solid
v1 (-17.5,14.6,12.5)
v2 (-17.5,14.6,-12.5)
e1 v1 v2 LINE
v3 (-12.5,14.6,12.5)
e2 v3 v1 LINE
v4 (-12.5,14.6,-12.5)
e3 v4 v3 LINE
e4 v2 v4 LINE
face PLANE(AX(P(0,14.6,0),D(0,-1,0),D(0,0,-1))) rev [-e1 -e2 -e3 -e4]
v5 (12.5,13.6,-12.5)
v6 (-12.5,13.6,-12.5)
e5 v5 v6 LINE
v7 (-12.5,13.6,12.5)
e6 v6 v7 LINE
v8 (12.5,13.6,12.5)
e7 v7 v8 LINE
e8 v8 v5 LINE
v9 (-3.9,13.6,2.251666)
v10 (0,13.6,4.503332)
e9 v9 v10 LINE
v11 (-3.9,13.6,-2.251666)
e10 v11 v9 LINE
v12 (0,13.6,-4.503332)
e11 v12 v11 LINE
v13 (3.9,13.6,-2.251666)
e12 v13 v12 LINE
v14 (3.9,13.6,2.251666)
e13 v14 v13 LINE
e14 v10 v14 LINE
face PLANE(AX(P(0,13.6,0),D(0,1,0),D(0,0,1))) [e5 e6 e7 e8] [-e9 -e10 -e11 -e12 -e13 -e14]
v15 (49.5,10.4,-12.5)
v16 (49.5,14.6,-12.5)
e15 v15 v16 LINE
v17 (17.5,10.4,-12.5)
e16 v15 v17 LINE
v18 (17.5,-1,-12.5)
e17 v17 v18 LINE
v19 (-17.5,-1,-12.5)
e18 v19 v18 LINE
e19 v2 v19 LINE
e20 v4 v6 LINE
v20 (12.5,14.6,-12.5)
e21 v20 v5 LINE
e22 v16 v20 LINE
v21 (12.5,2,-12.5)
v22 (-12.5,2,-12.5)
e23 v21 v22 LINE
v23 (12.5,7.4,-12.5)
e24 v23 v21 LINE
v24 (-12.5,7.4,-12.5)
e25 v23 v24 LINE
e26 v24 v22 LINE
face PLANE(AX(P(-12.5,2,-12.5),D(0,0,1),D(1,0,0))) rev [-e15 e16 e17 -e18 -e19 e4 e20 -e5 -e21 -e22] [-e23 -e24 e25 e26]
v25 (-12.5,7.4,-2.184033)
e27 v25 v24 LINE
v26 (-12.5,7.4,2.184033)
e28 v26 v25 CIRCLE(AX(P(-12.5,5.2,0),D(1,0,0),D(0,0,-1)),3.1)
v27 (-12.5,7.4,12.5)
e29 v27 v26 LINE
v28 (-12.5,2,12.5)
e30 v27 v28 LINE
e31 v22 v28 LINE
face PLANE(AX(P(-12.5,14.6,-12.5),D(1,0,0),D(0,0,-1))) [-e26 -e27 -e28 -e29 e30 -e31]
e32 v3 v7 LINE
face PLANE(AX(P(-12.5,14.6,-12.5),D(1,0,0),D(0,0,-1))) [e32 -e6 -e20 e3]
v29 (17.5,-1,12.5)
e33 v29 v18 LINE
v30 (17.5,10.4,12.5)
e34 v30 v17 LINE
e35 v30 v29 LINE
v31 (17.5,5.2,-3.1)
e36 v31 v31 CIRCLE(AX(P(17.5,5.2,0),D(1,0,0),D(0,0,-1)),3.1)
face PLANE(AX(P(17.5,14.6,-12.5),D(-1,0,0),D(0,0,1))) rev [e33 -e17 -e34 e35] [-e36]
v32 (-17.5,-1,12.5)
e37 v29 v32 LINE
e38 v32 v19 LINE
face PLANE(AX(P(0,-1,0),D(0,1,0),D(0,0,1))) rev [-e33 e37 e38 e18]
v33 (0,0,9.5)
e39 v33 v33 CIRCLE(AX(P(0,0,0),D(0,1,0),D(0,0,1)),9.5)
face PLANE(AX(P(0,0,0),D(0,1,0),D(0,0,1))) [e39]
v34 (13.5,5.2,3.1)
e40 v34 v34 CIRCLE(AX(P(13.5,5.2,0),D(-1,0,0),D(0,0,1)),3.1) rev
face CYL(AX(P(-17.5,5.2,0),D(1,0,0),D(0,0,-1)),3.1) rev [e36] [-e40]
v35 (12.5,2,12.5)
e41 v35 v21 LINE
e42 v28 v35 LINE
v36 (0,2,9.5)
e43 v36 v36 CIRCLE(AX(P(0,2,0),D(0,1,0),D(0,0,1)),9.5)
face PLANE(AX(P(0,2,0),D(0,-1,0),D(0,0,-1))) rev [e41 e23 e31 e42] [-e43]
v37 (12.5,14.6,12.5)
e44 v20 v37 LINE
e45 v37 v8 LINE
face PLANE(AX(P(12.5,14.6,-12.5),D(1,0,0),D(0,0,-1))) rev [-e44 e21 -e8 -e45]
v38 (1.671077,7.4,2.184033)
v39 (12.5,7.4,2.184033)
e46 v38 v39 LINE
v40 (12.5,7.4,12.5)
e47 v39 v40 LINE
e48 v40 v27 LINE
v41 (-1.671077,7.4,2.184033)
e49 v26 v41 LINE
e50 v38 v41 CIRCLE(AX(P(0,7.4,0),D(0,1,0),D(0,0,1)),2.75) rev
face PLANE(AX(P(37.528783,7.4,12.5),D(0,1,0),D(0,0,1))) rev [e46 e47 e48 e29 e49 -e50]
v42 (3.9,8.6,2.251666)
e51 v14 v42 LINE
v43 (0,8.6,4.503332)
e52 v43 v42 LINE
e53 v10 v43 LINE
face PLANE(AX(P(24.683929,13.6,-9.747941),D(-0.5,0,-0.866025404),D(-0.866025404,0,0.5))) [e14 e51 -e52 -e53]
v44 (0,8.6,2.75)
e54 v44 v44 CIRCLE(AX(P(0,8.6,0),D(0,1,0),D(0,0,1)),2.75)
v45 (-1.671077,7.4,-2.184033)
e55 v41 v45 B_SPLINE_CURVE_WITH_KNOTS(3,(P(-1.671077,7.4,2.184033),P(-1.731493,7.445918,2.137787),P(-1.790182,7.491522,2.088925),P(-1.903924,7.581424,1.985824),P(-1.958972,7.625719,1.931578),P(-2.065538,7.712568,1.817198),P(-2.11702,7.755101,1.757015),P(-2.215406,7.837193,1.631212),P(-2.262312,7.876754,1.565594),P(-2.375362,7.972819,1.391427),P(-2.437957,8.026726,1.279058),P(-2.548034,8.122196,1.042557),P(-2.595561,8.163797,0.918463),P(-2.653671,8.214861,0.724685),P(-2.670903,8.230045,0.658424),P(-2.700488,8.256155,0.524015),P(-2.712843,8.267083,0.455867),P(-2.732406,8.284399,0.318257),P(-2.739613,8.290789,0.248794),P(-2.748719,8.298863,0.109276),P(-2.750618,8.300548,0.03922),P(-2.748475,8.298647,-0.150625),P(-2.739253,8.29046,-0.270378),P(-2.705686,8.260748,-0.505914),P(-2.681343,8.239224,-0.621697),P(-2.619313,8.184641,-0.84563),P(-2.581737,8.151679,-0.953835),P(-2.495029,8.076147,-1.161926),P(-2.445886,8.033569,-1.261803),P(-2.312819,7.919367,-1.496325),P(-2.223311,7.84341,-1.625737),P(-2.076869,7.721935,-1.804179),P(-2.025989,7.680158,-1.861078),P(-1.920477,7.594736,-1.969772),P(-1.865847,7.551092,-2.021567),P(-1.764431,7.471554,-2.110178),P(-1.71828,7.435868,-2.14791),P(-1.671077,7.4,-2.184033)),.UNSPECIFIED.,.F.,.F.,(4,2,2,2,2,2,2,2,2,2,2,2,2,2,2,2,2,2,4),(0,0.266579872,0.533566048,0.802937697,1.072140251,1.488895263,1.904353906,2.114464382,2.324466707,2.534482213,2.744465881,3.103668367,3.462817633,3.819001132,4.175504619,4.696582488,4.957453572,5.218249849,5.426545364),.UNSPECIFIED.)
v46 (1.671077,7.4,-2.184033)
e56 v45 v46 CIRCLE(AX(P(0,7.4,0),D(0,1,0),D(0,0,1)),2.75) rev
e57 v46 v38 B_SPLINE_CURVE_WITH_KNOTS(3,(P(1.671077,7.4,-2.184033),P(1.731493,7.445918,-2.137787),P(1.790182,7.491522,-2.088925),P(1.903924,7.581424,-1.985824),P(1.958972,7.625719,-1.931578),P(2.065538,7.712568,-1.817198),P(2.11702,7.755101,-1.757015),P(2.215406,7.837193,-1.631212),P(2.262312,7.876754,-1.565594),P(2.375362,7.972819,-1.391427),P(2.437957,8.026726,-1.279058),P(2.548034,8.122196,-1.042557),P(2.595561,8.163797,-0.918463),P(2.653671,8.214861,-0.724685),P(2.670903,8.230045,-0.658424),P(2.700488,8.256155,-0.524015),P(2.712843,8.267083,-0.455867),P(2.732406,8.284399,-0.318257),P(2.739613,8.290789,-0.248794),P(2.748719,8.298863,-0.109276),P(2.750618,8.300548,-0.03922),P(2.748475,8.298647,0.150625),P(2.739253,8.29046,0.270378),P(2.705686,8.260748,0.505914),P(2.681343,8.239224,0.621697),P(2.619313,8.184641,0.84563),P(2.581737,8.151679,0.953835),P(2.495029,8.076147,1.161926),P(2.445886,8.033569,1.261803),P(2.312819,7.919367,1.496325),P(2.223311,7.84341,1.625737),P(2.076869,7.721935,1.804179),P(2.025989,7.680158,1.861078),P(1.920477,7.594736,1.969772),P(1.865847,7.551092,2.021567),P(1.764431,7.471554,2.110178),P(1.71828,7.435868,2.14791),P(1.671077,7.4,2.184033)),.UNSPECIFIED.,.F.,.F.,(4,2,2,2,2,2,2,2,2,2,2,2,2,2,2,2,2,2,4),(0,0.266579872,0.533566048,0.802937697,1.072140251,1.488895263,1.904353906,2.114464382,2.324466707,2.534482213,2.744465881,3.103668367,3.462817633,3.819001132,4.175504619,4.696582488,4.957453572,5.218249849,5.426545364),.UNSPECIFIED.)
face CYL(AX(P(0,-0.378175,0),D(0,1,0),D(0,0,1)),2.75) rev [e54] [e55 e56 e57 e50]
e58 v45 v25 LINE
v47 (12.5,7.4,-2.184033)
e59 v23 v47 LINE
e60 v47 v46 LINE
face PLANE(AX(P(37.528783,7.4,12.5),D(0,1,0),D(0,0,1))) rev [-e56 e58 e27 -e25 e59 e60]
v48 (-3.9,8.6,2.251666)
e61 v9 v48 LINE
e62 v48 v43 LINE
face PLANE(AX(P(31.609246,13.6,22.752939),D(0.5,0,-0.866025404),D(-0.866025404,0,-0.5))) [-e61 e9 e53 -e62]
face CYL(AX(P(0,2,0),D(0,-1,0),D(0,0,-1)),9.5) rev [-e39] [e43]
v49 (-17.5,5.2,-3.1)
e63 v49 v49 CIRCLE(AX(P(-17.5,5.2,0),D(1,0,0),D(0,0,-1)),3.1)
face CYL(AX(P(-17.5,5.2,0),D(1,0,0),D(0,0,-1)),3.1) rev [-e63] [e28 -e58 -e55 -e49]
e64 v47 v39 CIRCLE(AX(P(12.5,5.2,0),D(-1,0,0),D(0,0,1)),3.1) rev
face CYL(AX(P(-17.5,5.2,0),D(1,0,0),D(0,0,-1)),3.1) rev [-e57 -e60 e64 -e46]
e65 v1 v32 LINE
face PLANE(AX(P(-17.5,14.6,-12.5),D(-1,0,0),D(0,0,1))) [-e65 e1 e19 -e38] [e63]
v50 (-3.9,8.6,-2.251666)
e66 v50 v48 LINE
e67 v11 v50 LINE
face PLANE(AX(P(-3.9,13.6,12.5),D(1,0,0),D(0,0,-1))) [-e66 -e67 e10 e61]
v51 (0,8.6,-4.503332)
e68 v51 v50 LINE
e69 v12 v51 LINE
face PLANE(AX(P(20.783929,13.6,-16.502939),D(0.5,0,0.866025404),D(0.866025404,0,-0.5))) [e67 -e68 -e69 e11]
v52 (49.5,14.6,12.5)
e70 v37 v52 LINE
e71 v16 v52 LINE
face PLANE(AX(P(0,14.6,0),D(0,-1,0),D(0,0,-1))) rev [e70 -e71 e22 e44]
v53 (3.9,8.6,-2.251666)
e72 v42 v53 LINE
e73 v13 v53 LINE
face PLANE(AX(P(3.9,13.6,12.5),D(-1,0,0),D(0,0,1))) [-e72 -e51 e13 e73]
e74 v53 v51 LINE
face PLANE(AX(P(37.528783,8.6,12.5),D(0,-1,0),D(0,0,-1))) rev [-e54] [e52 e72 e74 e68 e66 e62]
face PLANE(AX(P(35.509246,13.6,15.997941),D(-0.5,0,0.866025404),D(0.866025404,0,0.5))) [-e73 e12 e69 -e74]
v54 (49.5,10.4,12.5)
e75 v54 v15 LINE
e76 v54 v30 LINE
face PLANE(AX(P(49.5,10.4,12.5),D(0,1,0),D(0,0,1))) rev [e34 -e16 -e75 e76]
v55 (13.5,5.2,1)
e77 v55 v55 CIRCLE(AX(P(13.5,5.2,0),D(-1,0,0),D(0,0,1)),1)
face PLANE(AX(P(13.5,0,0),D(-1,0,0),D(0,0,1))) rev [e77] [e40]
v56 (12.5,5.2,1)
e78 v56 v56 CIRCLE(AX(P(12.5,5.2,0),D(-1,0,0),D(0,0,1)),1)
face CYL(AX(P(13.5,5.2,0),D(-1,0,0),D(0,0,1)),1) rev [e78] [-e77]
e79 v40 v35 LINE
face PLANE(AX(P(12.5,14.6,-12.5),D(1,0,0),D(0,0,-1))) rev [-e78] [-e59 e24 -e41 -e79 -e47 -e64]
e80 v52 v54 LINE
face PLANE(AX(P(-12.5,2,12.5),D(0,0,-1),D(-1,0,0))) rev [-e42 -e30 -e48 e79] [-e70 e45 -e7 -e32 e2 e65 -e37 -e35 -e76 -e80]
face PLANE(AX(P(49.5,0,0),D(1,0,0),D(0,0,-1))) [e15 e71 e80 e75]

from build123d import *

# Parameters (mm, degrees)
SKETCH1_W              = 25
SKETCH1_H              = 25
SKETCH1_R              = 9.5
ALONGSIDE_WASHER_DEPTH = 2
SKETCH2_W              = 25
SKETCH2_H              = 25
BELOW_WASHER_DEPTH     = 1
SKETCH3_W              = 5
SKETCH3_H              = 25
UPRIGHT_1_DEPTH        = 15.6
SKETCH4_W              = 25
SKETCH4_H              = 1.2
BOSS_EXTRUDE4_DEPTH    = 25
SKETCH5_R              = 2.75
CUT_EXTRUDE1_DEPTH     = 1.2
BOSS_EXTRUDE5_START    = -1.2
SKETCH6_W              = 25
SKETCH6_H              = 25
BOSS_EXTRUDE5_DEPTH    = 6.2
SKETCH7_R              = 3.1
CUT_EXTRUDE2_DEPTH     = 40.930063862
SKETCH8_W              = 25
SKETCH8_H              = 4.2
BOSS_EXTRUDE6_DEPTH    = 37
BOSS_EXTRUDE7_START    = -1
SKETCH9_R              = 1
BOSS_EXTRUDE7_DEPTH    = 1


with BuildPart() as part:
    # Sketch1 → alongside washer (new body)
    with BuildSketch(Plane(origin=(0, 0, 0), x_dir=(1, 0, 0), z_dir=(0, 1, 0))):
        Rectangle(SKETCH1_W, SKETCH1_H)
        with Locations(Location((0, 0, 0), (0, 0, 270))):
            Circle(SKETCH1_R, mode=Mode.SUBTRACT)
    extrude(amount=ALONGSIDE_WASHER_DEPTH)

    # Sketch2 → below washer (add)
    with BuildSketch(Plane.XZ):
        Rectangle(SKETCH2_W, SKETCH2_H)
    extrude(amount=BELOW_WASHER_DEPTH)

    # Sketch3 → upright 1 (add)
    with BuildSketch(Plane.XZ.offset(1)):
        with Locations((-15, 0)):
            Rectangle(SKETCH3_W, SKETCH3_H)
    upright_1 = extrude(amount=-UPRIGHT_1_DEPTH)

    # Sketch4 → Boss-Extrude4 (add)
    with BuildSketch(Plane(origin=(-12.5, 0, 0), x_dir=(0, 0, -1), z_dir=(1, 0, 0))):
        with Locations((0, 8)):
            Rectangle(SKETCH4_W, SKETCH4_H)
    extrude(amount=BOSS_EXTRUDE4_DEPTH)

    # Sketch5 → Cut-Extrude1 (cut)
    with BuildSketch(Plane(origin=(0, 8.6, 0), x_dir=(1, 0, 0), z_dir=(0, 1, 0))):
        with Locations(Location((0, 0, 0), (0, 0, 270))):
            Circle(SKETCH5_R)
    extrude(amount=-CUT_EXTRUDE1_DEPTH, mode=Mode.SUBTRACT)

    # Sketch6 → Boss-Extrude5 (add)
    with BuildSketch(Plane(origin=(0, 8.6, 0), x_dir=(1, 0, 0), z_dir=(0, 1, 0)).offset(BOSS_EXTRUDE5_START)):
        Rectangle(SKETCH6_W, SKETCH6_H)
        Polygon((3.9, 2.25166605), (0, 4.5033321), (-3.9, 2.25166605), (-3.9, -2.25166605), (0, -4.5033321), (3.9, -2.25166605), align=None, mode=Mode.SUBTRACT)
    extrude(amount=BOSS_EXTRUDE5_DEPTH)

    # Mirror1: upright 1 across plane
    add(upright_1.mirror(Plane(origin=(0, 0, 0), x_dir=(0, 0, 1), z_dir=(1, 0, 0))))

    # Sketch7 → Cut-Extrude2 (cut, through all)
    with BuildSketch(Plane(origin=(17.5, 0, 0), x_dir=(0, 0, -1), z_dir=(1, 0, 0))):
        with Locations((0, 5.2)):
            Circle(SKETCH7_R)
    extrude(amount=-CUT_EXTRUDE2_DEPTH, mode=Mode.SUBTRACT)

    # Sketch8 → Boss-Extrude6 (add)
    with BuildSketch(Plane(origin=(12.5, 0, 0), x_dir=(0, 0, -1), z_dir=(1, 0, 0))):
        with Locations((0, 12.5)):
            Rectangle(SKETCH8_W, SKETCH8_H)
    extrude(amount=BOSS_EXTRUDE6_DEPTH)

    # Sketch9 → Boss-Extrude7 (add)
    with BuildSketch(Plane.ZY.offset(-12.5).offset(BOSS_EXTRUDE7_START)):
        with BuildLine():
            ThreePointArc((-2.184032967, 7.4), (-1.191532166, 2.338138526), (3.1, 5.2))
            ThreePointArc((3.1, 5.2), (2.861861474, 6.391532166), (2.184032967, 7.4))
            ThreePointArc((2.184032967, 7.4), (0, 8.3), (-2.184032967, 7.4))
        make_face()
        with Locations((0, 5.2)):
            Circle(SKETCH9_R, mode=Mode.SUBTRACT)
    extrude(amount=BOSS_EXTRUDE7_DEPTH)


solid = part.part
